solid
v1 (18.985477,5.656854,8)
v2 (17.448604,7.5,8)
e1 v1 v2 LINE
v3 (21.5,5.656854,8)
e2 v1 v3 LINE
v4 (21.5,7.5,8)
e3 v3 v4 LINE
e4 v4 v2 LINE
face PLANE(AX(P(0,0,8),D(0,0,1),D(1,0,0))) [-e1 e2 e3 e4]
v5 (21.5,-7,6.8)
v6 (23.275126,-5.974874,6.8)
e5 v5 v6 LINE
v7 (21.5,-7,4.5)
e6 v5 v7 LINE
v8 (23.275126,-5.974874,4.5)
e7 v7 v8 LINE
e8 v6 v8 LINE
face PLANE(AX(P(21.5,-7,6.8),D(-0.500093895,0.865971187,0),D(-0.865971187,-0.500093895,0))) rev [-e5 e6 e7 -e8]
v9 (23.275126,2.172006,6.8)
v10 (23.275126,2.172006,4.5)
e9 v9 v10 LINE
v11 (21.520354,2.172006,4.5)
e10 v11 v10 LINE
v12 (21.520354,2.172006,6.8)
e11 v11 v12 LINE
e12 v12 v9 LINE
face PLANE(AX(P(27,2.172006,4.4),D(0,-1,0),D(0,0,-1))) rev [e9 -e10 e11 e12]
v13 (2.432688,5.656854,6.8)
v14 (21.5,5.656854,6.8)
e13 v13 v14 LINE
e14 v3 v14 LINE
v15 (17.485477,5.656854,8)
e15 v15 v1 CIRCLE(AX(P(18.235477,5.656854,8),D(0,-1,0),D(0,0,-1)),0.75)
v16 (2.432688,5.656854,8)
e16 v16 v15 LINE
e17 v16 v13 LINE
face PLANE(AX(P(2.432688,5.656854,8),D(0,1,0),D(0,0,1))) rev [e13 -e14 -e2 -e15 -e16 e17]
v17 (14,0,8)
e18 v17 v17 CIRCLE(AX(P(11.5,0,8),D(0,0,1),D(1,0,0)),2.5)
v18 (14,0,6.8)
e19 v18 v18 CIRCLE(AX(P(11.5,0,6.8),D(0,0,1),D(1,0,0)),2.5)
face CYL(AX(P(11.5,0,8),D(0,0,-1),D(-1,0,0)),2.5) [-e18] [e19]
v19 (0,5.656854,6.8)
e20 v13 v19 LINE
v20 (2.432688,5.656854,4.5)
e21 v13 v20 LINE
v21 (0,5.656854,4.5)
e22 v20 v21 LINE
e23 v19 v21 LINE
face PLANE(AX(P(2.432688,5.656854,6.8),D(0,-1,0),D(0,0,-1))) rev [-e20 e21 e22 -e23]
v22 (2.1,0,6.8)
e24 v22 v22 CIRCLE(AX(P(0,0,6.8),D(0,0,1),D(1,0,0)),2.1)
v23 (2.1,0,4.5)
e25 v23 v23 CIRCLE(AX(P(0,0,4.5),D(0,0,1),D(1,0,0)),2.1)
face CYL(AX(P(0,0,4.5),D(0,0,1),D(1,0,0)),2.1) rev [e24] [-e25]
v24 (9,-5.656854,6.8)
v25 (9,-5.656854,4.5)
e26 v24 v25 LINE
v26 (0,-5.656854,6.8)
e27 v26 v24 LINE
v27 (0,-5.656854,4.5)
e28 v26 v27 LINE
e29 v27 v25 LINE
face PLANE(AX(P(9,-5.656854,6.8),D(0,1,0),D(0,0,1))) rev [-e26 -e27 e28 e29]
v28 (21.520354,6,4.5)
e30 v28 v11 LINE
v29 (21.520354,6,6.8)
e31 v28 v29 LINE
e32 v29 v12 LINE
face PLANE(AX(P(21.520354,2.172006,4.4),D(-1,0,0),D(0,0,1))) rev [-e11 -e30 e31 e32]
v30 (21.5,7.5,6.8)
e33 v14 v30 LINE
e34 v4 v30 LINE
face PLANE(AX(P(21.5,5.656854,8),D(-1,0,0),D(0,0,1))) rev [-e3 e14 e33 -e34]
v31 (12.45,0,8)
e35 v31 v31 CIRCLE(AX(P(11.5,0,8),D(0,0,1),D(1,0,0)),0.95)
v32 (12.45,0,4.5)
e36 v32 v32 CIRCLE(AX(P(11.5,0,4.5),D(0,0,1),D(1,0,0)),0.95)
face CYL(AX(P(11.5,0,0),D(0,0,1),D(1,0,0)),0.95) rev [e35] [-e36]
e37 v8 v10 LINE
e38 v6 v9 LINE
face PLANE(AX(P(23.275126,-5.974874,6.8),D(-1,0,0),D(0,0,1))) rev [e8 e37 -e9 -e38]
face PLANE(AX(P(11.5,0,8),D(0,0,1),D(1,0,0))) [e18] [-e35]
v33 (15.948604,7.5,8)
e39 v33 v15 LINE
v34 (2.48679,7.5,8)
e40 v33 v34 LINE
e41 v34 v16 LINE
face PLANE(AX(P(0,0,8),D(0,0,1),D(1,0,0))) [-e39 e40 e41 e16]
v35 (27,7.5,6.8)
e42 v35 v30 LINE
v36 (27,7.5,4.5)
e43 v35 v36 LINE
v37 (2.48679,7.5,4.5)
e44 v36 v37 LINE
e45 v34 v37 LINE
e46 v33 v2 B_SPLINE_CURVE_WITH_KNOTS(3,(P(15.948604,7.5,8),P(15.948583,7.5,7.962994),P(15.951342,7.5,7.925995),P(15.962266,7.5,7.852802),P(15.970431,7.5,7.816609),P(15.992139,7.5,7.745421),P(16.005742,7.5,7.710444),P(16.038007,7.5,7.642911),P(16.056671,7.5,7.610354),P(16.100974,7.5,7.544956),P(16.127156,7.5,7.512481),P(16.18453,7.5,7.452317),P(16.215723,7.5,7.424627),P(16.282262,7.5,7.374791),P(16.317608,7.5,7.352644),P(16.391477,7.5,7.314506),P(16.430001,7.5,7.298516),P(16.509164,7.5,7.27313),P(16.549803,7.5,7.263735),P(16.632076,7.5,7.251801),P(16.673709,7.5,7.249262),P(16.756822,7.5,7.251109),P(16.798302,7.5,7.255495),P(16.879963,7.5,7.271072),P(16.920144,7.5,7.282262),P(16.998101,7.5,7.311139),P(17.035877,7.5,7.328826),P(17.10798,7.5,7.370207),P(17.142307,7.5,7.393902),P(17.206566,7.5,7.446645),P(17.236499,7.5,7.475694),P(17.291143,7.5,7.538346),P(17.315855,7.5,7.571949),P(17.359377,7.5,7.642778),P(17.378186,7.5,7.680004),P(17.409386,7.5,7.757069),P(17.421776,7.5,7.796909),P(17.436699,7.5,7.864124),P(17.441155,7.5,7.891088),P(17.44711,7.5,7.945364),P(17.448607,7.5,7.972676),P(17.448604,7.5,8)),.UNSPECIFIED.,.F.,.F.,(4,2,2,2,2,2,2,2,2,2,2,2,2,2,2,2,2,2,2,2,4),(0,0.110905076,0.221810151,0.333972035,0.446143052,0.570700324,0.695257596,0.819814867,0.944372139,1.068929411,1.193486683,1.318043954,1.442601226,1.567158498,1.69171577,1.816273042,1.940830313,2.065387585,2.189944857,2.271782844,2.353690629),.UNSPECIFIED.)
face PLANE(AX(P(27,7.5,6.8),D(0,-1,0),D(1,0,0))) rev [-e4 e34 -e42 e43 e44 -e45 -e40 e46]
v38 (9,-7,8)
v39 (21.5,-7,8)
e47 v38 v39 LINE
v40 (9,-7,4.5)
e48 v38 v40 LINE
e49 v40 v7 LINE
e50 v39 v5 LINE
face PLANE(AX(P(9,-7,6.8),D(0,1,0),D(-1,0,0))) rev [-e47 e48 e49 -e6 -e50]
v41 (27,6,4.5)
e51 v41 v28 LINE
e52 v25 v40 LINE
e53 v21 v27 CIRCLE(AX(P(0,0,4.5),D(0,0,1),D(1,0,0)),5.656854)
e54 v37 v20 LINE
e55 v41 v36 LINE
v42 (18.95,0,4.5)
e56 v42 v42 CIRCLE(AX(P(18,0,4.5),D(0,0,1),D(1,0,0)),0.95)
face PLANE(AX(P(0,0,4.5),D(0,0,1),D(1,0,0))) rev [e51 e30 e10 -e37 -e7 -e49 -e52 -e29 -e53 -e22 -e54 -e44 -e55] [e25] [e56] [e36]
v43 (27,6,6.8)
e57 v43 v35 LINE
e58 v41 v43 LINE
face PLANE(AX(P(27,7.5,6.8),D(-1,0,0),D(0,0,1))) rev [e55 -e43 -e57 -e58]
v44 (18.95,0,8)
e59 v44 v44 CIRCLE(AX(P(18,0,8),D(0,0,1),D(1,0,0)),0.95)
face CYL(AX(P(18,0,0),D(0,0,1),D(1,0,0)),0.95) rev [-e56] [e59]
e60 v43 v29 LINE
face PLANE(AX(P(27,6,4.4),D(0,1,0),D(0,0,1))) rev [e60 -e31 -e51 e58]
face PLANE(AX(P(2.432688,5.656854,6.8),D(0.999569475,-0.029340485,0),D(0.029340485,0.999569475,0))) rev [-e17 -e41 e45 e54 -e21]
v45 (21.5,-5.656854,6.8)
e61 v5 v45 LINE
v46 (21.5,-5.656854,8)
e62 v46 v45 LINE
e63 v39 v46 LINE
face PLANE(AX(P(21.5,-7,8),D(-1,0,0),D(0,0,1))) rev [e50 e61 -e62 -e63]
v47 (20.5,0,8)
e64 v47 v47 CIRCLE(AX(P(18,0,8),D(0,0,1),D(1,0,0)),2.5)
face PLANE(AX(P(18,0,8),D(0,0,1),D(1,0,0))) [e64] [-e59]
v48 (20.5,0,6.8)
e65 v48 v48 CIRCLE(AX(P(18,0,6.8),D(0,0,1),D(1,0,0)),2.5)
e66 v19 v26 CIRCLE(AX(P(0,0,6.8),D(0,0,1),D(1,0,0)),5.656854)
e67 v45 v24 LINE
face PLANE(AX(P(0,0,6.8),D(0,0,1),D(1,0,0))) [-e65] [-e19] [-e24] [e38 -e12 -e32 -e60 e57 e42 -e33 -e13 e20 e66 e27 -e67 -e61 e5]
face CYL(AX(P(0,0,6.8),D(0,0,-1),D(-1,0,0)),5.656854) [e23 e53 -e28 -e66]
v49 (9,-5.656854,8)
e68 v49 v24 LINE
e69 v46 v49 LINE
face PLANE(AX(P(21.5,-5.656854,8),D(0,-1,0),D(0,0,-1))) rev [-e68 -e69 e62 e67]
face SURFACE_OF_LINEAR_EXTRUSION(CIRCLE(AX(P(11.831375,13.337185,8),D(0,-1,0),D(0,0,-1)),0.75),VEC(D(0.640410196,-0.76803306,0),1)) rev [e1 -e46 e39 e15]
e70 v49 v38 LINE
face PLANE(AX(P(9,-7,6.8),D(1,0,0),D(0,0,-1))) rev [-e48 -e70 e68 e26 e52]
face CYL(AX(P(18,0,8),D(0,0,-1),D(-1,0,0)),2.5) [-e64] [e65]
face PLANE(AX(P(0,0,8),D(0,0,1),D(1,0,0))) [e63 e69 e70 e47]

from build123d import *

# Parameters (mm, degrees)
BOSS_EXTRUDE1_DEPTH  = 2
BOSS_EXTRUDE6_DEPTH  = 2.5
CUT_EXTRUDE6_DEPTH   = 2.5
BOSS_EXTRUDE14_DEPTH = 2.3
SKETCH32_R           = 2.1
CUT_EXTRUDE7_DEPTH   = 2.3
SKETCH33_W           = 12.5
SKETCH33_H           = 1.343145751
BOSS_EXTRUDE15_DEPTH = 1.2
SKETCH35_W           = 5.479645997
SKETCH35_H           = 3.827993755
CUT_EXTRUDE8_DEPTH   = 2.4
SKETCH36_W           = 3.7
SKETCH36_H           = 1.827993755
CUT_EXTRUDE9_DEPTH   = 2.4
SKETCH37_R           = 3.9
BOSS_EXTRUDE16_DEPTH = 2.3
CUT_EXTRUDE10_DEPTH  = 5.3
SKETCH43_R           = 2.5
BOSS_EXTRUDE17_DEPTH = 1.2
SKETCH44_R           = 0.95
CUT_EXTRUDE11_DEPTH  = 9
SKETCH45_R           = 2
CUT_EXTRUDE12_DEPTH  = 2.5
SKETCH52_R           = 0.75
CUT_EXTRUDE13_DEPTH  = 10


with BuildPart() as part:
    # Sketch3 → Boss-Extrude1 (new body)
    with BuildSketch(Plane.XY):
        with BuildLine():
            Line((8, 0), (9, -2.5))
            Line((9, -2.5), (9, -7))
            Line((9, -7), (21.5, -7))
            Line((21.5, -7), (25.050252532, -4.949747468))
            ThreePointArc((25.050252532, -4.949747468), (36.467156728, -2.678784027), (30, 7))
            Line((30, 7), (27, 7.5))
            Line((27, 7.5), (5.656854249, 7.5))
            Line((5.656854249, 7.5), (5.656854249, 5.656854249))
            ThreePointArc((5.656854249, 5.656854249), (7.39103626, 3.061467459), (8, 0))
        make_face()
    extrude(amount=BOSS_EXTRUDE1_DEPTH)

    # Sketch22 → Boss-Extrude6 (add)
    with BuildSketch(Plane.XY.offset(2)):
        with BuildLine():
            Line((5.656854249, 5.656854249), (2.486790148, 5.656854249))
            Line((2.486790148, 5.656854249), (2.486790148, 7.5))
            Line((2.486790148, 7.5), (5.656854249, 7.5))
            Line((5.656854249, 7.5), (21.5, 7.5))
            Line((21.5, 7.5), (27, 7.5))
            Line((27, 7.5), (27, 2.172006245))
            Line((27, 2.172006245), (23.275126266, 2.172006245))
            Line((23.275126266, 2.172006245), (23.275126266, -5.974873734))
            Line((23.275126266, -5.974873734), (21.5, -7))
            Line((21.5, -7), (9, -7))
            Line((9, -7), (9, -2.5))
            Line((9, -2.5), (8, 0))
            ThreePointArc((8, 0), (7.39103626, 3.061467459), (5.656854249, 5.656854249))
        make_face()
    extrude(amount=BOSS_EXTRUDE6_DEPTH)

    # Sketch26 → Cut-Extrude6 (cut)
    with BuildSketch(Plane.XY.offset(2)):
        Polygon((18.098080448, 5.3), (2.530052458, 5.3), (2.530052458, 4), (18.098080448, 4), (27, 4), (27, 5.3), align=None)
    extrude(amount=CUT_EXTRUDE6_DEPTH, mode=Mode.SUBTRACT)


with BuildPart() as body_2:
    # Sketch31 → Boss-Extrude14 (new body)
    with BuildSketch(Plane.XY.offset(4.5)):
        with BuildLine():
            Line((2.432688066, 5.656854249), (0, 5.656854249))
            ThreePointArc((0, 5.656854249), (-5.656854249, 0), (0, -5.656854249))
            Line((0, -5.656854249), (9, -5.656854249))
            Line((9, -5.656854249), (9, -7))
            Line((9, -7), (21.5, -7))
            Line((21.5, -7), (23.275126266, -5.974873734))
            Line((23.275126266, -5.974873734), (23.275126266, 2.172006245))
            Line((23.275126266, 2.172006245), (27, 2.172006245))
            Line((27, 2.172006245), (27, 7.5))
            Line((27, 7.5), (2.486790148, 7.5))
            Line((2.486790148, 7.5), (2.432688066, 5.656854249))
        make_face()
    extrude(amount=BOSS_EXTRUDE14_DEPTH)

    # Sketch32 → Cut-Extrude7 (cut)
    with BuildSketch(Plane.XY.offset(6.8)):
        Circle(SKETCH32_R)
    extrude(amount=-CUT_EXTRUDE7_DEPTH, mode=Mode.SUBTRACT)

    # Sketch33 → Boss-Extrude15 (add)
    with BuildSketch(Plane.XY.offset(6.8)):
        with Locations((15.25, -6.328427125)):
            Rectangle(SKETCH33_W, SKETCH33_H)
        Polygon((2.486790148, 7.5), (21.5, 7.5), (21.5, 5.656854249), (2.432688066, 5.656854249), align=None)
    extrude(amount=BOSS_EXTRUDE15_DEPTH)


with BuildPart() as cut_extrude8_tool:
    # Sketch35 → Cut-Extrude8 (new body)
    with BuildSketch(Plane.XY.offset(6.8)):
        with Locations((24.260177002, 4.086003123)):
            Rectangle(SKETCH35_W, SKETCH35_H)
    extrude(amount=-CUT_EXTRUDE8_DEPTH)


with BuildPart() as part_1:
    add(part.part)

    # Cut-Extrude8: cut by cut_extrude8_tool
    add(cut_extrude8_tool.part, mode=Mode.SUBTRACT)

    # Sketch36 → Cut-Extrude9 (cut)
    with BuildSketch(Plane.XY.offset(4.4)):
        with Locations((25.15, 3.086003123)):
            Rectangle(SKETCH36_W, SKETCH36_H)
    extrude(amount=-CUT_EXTRUDE9_DEPTH, mode=Mode.SUBTRACT)

    # Sketch37 → Boss-Extrude16 (add)
    with BuildSketch(Plane.XY.offset(2)):
        with Locations((30, 0)):
            Circle(SKETCH37_R)
    extrude(amount=BOSS_EXTRUDE16_DEPTH)

    # Sketch39 → Cut-Extrude10 (cut, through all)
    with BuildSketch(Plane.XY.offset(4.3)):
        with BuildLine():
            Line((29, 1.732050808), (29, -1.732050808))
            ThreePointArc((29, -1.732050808), (32, 0), (29, 1.732050808))
        make_face()
    extrude(amount=-CUT_EXTRUDE10_DEPTH, mode=Mode.SUBTRACT)


with BuildPart() as body_2_1:
    add(body_2.part)

    # Cut-Extrude8: cut by cut_extrude8_tool
    add(cut_extrude8_tool.part, mode=Mode.SUBTRACT)

    # Sketch43 → Boss-Extrude17 (add)
    with BuildSketch(Plane.XY.offset(6.8)):
        with Locations((11.5, 0)):
            Circle(SKETCH43_R)
        with Locations((18, 0)):
            Circle(SKETCH43_R)
    extrude(amount=BOSS_EXTRUDE17_DEPTH)


with BuildPart() as cut_extrude11_tool:
    # Sketch44 → Cut-Extrude11 (new body, through all)
    with BuildSketch(Plane.XY.offset(8)):
        with Locations((11.5, 0)):
            Circle(SKETCH44_R)
        with Locations((18, 0)):
            Circle(SKETCH44_R)
    extrude(amount=-CUT_EXTRUDE11_DEPTH)


with BuildPart() as part_2:
    add(part_1.part)

    # Cut-Extrude11: cut by cut_extrude11_tool
    add(cut_extrude11_tool.part, mode=Mode.SUBTRACT)

    # Sketch45 → Cut-Extrude12 (cut)
    with BuildSketch(Plane(origin=(0, 0, 0), x_dir=(-1, 0, 0), z_dir=(0, 0, -1))):
        with Locations((-11.5, 0)):
            Circle(SKETCH45_R)
        with Locations((-18, 0)):
            Circle(SKETCH45_R)
    extrude(amount=-CUT_EXTRUDE12_DEPTH, mode=Mode.SUBTRACT)


with BuildPart() as body_2_2:
    add(body_2_1.part)

    # Cut-Extrude11: cut by cut_extrude11_tool
    add(cut_extrude11_tool.part, mode=Mode.SUBTRACT)

    # Sketch52 → Cut-Extrude13 (cut, along a direction that is not the sketch's normal)
    with BuildSketch(Plane.XZ.offset(-5.656854249)):
        with Locations((18.235476819, 8)):
            Circle(SKETCH52_R)
    extrude(amount=-CUT_EXTRUDE13_DEPTH, dir=(0.640410196, -0.76803306, 0), mode=Mode.SUBTRACT)


solid = body_2_2.part
